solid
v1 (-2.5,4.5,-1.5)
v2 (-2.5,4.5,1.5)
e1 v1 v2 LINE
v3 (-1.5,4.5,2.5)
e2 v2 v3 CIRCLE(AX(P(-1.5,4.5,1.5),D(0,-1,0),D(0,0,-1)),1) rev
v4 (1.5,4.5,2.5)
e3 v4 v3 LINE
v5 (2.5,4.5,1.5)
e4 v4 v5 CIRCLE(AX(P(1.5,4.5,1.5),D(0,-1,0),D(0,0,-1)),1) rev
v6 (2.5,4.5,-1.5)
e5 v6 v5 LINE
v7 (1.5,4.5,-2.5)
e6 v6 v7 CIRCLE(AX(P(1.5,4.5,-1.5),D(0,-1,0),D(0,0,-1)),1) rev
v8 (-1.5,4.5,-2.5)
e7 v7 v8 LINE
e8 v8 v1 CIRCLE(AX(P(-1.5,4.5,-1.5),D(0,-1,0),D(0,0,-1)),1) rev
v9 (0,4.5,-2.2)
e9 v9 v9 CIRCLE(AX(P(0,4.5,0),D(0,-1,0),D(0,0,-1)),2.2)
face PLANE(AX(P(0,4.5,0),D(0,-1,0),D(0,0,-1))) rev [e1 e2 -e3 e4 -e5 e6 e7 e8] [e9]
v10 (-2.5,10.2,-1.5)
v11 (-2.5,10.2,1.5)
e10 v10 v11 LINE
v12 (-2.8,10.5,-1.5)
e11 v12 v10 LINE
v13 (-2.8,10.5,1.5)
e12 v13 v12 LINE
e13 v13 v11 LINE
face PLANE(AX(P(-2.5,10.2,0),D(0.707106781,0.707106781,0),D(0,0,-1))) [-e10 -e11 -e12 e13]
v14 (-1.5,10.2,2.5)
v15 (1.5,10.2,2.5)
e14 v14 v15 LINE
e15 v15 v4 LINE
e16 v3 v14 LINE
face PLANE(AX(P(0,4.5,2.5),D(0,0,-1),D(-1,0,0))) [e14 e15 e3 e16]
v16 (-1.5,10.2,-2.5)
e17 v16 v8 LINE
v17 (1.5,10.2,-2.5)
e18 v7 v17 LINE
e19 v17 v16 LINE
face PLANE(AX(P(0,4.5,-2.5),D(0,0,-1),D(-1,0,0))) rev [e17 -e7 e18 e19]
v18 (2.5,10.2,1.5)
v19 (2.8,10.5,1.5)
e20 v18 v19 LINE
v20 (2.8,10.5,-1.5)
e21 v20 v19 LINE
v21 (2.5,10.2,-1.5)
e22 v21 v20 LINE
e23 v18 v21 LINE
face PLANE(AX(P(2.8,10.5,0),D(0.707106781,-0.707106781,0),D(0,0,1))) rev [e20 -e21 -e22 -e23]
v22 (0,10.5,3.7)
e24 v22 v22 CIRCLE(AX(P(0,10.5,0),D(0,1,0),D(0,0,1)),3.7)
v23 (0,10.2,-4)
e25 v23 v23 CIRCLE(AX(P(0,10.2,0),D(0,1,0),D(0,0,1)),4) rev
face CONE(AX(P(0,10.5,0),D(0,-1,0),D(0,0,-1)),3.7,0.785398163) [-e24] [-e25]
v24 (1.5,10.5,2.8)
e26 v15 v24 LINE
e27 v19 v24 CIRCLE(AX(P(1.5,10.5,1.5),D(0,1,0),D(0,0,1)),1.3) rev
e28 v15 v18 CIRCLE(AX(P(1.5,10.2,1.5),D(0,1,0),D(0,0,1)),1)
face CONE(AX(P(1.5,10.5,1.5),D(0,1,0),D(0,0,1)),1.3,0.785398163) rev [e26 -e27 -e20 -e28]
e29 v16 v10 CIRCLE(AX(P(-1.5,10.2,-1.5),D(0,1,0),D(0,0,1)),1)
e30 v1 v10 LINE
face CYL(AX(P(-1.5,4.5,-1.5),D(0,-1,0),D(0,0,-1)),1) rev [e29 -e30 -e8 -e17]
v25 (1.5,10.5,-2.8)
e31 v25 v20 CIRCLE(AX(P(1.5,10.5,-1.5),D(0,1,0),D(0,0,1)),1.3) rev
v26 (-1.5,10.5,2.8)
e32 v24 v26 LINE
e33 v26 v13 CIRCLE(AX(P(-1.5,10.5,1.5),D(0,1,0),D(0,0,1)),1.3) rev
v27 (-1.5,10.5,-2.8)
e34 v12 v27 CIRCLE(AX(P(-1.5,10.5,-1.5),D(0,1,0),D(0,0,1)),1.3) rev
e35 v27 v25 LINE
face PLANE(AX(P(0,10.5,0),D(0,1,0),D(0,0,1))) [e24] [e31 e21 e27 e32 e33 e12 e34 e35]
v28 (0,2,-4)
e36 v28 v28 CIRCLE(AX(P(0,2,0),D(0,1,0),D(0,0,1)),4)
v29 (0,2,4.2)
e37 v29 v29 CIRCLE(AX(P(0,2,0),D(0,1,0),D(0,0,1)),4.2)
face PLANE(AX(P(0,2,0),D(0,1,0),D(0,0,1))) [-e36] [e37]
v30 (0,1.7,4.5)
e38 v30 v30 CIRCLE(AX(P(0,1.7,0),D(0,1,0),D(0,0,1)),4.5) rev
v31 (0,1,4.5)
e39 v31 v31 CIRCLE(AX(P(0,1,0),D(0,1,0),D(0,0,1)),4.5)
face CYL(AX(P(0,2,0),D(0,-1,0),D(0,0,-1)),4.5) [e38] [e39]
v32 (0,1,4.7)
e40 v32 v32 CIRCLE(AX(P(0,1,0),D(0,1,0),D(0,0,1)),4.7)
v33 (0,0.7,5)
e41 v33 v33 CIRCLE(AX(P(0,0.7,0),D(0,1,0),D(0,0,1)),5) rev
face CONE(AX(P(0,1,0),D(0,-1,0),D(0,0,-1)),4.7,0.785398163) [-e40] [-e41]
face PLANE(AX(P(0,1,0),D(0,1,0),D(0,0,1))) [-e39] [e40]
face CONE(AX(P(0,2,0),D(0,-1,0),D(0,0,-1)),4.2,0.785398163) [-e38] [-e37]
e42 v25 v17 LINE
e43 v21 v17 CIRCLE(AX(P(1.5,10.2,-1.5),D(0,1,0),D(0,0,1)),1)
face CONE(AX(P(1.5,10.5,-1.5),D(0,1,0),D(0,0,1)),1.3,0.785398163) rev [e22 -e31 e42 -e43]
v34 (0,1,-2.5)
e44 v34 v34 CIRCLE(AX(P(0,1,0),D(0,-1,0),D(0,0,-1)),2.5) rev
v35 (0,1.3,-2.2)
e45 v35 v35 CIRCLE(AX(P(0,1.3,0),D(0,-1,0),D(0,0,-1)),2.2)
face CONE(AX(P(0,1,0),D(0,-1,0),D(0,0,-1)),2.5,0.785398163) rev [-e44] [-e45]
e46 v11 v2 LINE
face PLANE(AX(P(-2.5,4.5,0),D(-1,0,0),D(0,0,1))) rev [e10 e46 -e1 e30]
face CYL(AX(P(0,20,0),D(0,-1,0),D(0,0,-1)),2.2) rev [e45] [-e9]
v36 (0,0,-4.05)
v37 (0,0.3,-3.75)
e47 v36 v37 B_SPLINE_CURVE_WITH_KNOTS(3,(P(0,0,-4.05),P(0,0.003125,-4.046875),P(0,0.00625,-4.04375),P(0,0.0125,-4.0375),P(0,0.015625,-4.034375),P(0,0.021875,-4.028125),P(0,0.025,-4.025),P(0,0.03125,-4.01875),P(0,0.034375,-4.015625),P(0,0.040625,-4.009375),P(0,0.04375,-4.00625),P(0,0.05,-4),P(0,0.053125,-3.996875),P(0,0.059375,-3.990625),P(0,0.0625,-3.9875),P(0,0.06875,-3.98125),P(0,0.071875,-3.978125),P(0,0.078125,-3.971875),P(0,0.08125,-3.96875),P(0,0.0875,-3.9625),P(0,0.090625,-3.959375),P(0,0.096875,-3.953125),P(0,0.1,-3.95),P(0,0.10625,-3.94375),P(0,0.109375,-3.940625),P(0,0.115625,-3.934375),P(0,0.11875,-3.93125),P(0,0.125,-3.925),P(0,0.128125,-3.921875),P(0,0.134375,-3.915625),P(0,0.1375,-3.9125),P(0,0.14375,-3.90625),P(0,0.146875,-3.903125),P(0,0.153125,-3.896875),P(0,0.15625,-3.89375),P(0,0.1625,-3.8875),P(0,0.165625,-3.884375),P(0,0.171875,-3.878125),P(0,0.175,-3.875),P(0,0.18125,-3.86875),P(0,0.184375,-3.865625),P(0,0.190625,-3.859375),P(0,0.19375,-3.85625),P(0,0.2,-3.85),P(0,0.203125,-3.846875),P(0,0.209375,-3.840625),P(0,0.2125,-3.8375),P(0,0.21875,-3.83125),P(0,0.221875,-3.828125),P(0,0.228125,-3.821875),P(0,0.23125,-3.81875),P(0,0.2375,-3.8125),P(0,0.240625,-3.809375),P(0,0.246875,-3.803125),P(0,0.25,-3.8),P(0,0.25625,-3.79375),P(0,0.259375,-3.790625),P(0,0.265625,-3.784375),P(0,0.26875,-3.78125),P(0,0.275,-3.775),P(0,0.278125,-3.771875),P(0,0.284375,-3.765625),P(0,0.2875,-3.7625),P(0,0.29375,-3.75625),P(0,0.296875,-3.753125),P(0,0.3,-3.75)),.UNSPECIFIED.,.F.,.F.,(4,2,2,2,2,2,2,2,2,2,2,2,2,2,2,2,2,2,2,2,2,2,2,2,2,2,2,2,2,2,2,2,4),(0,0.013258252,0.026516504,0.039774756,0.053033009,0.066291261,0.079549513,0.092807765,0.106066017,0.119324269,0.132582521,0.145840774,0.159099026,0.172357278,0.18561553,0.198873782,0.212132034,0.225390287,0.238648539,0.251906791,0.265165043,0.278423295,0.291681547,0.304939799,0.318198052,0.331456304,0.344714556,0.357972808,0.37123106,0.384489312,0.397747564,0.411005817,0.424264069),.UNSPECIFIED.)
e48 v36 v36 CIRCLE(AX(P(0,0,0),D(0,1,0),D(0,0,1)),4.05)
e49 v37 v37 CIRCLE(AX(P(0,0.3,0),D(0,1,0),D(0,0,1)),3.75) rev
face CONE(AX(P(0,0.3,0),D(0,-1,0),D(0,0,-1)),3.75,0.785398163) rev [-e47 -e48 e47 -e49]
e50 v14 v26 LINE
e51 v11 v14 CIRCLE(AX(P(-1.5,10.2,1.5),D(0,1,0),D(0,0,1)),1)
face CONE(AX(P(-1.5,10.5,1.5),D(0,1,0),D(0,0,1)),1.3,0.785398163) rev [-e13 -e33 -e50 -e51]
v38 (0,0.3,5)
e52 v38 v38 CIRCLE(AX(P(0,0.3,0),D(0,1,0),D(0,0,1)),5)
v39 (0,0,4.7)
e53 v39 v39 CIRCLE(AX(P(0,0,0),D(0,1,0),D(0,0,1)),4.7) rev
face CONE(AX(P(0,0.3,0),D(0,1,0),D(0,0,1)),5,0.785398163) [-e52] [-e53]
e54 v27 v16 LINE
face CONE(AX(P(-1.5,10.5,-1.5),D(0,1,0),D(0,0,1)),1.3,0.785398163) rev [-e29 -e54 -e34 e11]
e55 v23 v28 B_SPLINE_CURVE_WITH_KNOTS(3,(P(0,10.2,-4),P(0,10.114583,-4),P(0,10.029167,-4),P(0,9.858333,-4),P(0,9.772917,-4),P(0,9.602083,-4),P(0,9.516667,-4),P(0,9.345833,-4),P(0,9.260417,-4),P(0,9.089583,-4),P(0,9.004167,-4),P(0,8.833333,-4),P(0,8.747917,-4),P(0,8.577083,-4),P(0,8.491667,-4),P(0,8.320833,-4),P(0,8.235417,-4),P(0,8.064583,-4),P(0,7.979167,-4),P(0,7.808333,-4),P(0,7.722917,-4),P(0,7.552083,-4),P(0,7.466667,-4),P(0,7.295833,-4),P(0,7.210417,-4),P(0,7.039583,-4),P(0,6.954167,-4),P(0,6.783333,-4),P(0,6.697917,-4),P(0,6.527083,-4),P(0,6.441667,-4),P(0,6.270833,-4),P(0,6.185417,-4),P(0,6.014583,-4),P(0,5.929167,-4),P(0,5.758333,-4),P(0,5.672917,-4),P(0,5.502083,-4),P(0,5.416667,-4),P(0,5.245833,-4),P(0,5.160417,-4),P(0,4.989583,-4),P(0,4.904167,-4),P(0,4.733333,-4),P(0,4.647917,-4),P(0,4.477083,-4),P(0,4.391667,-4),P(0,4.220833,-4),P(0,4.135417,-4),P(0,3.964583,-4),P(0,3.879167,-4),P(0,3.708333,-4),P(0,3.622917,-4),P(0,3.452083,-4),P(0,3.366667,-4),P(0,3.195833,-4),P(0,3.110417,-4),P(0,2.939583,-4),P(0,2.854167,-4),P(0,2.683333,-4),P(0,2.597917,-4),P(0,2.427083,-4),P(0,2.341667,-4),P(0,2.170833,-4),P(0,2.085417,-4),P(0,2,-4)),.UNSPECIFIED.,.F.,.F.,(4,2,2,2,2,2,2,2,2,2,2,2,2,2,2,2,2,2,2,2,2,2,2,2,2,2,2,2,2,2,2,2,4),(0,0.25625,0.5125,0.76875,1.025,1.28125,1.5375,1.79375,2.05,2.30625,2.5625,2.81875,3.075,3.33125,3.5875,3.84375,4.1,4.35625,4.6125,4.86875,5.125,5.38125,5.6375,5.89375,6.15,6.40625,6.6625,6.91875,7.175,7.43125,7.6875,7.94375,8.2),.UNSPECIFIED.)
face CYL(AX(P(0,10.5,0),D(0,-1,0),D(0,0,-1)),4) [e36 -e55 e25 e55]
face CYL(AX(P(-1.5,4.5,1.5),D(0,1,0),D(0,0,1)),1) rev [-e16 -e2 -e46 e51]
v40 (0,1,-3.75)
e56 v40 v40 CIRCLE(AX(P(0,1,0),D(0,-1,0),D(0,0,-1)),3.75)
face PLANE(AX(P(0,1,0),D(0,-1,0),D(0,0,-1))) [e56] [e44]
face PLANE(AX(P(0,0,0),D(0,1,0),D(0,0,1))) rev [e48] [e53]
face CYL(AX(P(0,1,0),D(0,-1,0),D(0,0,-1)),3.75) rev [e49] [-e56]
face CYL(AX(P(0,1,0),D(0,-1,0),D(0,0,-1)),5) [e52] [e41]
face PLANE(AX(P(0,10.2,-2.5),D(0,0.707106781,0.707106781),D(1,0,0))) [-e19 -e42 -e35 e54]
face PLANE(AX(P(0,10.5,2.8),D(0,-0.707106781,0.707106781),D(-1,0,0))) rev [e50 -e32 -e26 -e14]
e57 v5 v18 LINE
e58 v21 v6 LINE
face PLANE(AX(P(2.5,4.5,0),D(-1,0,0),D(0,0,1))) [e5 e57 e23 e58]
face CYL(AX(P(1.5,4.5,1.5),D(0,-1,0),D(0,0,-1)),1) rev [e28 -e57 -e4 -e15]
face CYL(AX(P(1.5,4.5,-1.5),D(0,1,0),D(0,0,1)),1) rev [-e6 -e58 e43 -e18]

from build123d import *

# Parameters (mm, degrees)
SKETCH_1_R          = 5
SKETCH_1_R_2        = 4.5
EXTRUDE_1_DEPTH     = 1
SKETCH_1_5_R        = 4.5
SKETCH_1_5_R_2      = 4
EXTRUDE_2_DEPTH     = 2
SKETCH_1_6_R        = 4
SKETCH_1_6_W        = 5
SKETCH_1_6_H        = 5
EXTRUDE_3_DEPTH     = 10.5
CUT_EXTRUDE_START   = 10.5
SKETCH_1_7_W        = 5
SKETCH_1_7_H        = 5
CUT_EXTRUDE_1_DEPTH = 6
SKETCH_2_R          = 2.2
CUT_EXTRUDE_2_DEPTH = 20
SKETCH_3_R          = 3.75
CUT_EXTRUDE_4_DEPTH = 1
FILLET_1_R          = 1
CHAMFER_1_SIZE      = 0.3


with BuildPart() as part:
    # 스케치1 → 보스-돌출1 (new body)
    with BuildSketch(Plane(origin=(0, 0, 0), x_dir=(1, 0, 0), z_dir=(0, 1, 0))):
        with Locations(Location((0, 0, 0), (0, 0, 270))):
            Circle(SKETCH_1_R)
        with Locations(Location((0, 0, 0), (0, 0, 270))):
            Circle(SKETCH_1_R_2, mode=Mode.SUBTRACT)
    extrude(amount=EXTRUDE_1_DEPTH)

    # 스케치1<5> → 보스-돌출2 (add)
    with BuildSketch(Plane(origin=(0, 0, 0), x_dir=(1, 0, 0), z_dir=(0, 1, 0))):
        with Locations(Location((0, 0, 0), (0, 0, 270))):
            Circle(SKETCH_1_5_R)
        with Locations(Location((0, 0, 0), (0, 0, 270))):
            Circle(SKETCH_1_5_R_2, mode=Mode.SUBTRACT)
    extrude(amount=EXTRUDE_2_DEPTH)

    # 스케치1<6> → 보스-돌출3 (add)
    # profile 1 of 2: a face of its own
    with BuildSketch(Plane(origin=(0, 0, 0), x_dir=(1, 0, 0), z_dir=(0, 1, 0))):
        with Locations(Location((0, 0, 0), (0, 0, 90))):
            Circle(SKETCH_1_6_R)
        Rectangle(SKETCH_1_6_W, SKETCH_1_6_H, mode=Mode.SUBTRACT)
    # profile 2 of 2: a face of its own
    with BuildSketch(Plane(origin=(0, 0, 0), x_dir=(1, 0, 0), z_dir=(0, 1, 0))):
        Rectangle(SKETCH_1_6_W, SKETCH_1_6_H)
    extrude(amount=EXTRUDE_3_DEPTH)

    # 스케치1<7> → 컷-돌출1 (cut)
    with BuildSketch(Plane(origin=(0, 0, 0), x_dir=(1, 0, 0), z_dir=(0, 1, 0)).offset(CUT_EXTRUDE_START)):
        Rectangle(SKETCH_1_7_W, SKETCH_1_7_H)
    extrude(amount=-CUT_EXTRUDE_1_DEPTH, mode=Mode.SUBTRACT)

    # 스케치2 → 컷-돌출2 (cut)
    with BuildSketch(Plane.XZ):
        with Locations(Location((0, 0, 0), (0, 0, 270))):
            Circle(SKETCH_2_R)
    extrude(amount=-CUT_EXTRUDE_2_DEPTH, mode=Mode.SUBTRACT)

    # 스케치3 → 컷-돌출4 (cut)
    with BuildSketch(Plane.XZ):
        with Locations(Location((0, 0, 0), (0, 0, 270))):
            Circle(SKETCH_3_R)
    extrude(amount=-CUT_EXTRUDE_4_DEPTH, mode=Mode.SUBTRACT)

    # 필렛1
    fillet_1_edges = [part.edges().sort_by_distance(p)[0] for p in [
        (-2.5, 7.5, 2.5),
        (-2.5, 7.5, -2.5),
        (2.5, 7.5, -2.5),
        (2.5, 7.5, 2.5),
    ]]
    fillet(fillet_1_edges, radius=FILLET_1_R)

    # 모따기1
    chamfer_1_edges = [part.edges().sort_by_distance(p)[0] for p in [
        (0, 2, -4.5),
        (0, 1, -5),
        (0, 10.5, 4),
        (0, 0, -5),
        (0, 0, 3.75),
        (0, 1, 2.2),
        (2.5, 10.5, 0),
        (0, 10.5, 2.5),
        (-2.5, 10.5, 0),
        (0, 10.5, -2.5),
        (2.207106781, 10.5, 2.207106781),
        (-2.207106781, 10.5, 2.207106781),
        (2.207106781, 10.5, -2.207106781),
        (-2.207106781, 10.5, -2.207106781),
    ]]
    chamfer(chamfer_1_edges, length=CHAMFER_1_SIZE)


solid = part.part
